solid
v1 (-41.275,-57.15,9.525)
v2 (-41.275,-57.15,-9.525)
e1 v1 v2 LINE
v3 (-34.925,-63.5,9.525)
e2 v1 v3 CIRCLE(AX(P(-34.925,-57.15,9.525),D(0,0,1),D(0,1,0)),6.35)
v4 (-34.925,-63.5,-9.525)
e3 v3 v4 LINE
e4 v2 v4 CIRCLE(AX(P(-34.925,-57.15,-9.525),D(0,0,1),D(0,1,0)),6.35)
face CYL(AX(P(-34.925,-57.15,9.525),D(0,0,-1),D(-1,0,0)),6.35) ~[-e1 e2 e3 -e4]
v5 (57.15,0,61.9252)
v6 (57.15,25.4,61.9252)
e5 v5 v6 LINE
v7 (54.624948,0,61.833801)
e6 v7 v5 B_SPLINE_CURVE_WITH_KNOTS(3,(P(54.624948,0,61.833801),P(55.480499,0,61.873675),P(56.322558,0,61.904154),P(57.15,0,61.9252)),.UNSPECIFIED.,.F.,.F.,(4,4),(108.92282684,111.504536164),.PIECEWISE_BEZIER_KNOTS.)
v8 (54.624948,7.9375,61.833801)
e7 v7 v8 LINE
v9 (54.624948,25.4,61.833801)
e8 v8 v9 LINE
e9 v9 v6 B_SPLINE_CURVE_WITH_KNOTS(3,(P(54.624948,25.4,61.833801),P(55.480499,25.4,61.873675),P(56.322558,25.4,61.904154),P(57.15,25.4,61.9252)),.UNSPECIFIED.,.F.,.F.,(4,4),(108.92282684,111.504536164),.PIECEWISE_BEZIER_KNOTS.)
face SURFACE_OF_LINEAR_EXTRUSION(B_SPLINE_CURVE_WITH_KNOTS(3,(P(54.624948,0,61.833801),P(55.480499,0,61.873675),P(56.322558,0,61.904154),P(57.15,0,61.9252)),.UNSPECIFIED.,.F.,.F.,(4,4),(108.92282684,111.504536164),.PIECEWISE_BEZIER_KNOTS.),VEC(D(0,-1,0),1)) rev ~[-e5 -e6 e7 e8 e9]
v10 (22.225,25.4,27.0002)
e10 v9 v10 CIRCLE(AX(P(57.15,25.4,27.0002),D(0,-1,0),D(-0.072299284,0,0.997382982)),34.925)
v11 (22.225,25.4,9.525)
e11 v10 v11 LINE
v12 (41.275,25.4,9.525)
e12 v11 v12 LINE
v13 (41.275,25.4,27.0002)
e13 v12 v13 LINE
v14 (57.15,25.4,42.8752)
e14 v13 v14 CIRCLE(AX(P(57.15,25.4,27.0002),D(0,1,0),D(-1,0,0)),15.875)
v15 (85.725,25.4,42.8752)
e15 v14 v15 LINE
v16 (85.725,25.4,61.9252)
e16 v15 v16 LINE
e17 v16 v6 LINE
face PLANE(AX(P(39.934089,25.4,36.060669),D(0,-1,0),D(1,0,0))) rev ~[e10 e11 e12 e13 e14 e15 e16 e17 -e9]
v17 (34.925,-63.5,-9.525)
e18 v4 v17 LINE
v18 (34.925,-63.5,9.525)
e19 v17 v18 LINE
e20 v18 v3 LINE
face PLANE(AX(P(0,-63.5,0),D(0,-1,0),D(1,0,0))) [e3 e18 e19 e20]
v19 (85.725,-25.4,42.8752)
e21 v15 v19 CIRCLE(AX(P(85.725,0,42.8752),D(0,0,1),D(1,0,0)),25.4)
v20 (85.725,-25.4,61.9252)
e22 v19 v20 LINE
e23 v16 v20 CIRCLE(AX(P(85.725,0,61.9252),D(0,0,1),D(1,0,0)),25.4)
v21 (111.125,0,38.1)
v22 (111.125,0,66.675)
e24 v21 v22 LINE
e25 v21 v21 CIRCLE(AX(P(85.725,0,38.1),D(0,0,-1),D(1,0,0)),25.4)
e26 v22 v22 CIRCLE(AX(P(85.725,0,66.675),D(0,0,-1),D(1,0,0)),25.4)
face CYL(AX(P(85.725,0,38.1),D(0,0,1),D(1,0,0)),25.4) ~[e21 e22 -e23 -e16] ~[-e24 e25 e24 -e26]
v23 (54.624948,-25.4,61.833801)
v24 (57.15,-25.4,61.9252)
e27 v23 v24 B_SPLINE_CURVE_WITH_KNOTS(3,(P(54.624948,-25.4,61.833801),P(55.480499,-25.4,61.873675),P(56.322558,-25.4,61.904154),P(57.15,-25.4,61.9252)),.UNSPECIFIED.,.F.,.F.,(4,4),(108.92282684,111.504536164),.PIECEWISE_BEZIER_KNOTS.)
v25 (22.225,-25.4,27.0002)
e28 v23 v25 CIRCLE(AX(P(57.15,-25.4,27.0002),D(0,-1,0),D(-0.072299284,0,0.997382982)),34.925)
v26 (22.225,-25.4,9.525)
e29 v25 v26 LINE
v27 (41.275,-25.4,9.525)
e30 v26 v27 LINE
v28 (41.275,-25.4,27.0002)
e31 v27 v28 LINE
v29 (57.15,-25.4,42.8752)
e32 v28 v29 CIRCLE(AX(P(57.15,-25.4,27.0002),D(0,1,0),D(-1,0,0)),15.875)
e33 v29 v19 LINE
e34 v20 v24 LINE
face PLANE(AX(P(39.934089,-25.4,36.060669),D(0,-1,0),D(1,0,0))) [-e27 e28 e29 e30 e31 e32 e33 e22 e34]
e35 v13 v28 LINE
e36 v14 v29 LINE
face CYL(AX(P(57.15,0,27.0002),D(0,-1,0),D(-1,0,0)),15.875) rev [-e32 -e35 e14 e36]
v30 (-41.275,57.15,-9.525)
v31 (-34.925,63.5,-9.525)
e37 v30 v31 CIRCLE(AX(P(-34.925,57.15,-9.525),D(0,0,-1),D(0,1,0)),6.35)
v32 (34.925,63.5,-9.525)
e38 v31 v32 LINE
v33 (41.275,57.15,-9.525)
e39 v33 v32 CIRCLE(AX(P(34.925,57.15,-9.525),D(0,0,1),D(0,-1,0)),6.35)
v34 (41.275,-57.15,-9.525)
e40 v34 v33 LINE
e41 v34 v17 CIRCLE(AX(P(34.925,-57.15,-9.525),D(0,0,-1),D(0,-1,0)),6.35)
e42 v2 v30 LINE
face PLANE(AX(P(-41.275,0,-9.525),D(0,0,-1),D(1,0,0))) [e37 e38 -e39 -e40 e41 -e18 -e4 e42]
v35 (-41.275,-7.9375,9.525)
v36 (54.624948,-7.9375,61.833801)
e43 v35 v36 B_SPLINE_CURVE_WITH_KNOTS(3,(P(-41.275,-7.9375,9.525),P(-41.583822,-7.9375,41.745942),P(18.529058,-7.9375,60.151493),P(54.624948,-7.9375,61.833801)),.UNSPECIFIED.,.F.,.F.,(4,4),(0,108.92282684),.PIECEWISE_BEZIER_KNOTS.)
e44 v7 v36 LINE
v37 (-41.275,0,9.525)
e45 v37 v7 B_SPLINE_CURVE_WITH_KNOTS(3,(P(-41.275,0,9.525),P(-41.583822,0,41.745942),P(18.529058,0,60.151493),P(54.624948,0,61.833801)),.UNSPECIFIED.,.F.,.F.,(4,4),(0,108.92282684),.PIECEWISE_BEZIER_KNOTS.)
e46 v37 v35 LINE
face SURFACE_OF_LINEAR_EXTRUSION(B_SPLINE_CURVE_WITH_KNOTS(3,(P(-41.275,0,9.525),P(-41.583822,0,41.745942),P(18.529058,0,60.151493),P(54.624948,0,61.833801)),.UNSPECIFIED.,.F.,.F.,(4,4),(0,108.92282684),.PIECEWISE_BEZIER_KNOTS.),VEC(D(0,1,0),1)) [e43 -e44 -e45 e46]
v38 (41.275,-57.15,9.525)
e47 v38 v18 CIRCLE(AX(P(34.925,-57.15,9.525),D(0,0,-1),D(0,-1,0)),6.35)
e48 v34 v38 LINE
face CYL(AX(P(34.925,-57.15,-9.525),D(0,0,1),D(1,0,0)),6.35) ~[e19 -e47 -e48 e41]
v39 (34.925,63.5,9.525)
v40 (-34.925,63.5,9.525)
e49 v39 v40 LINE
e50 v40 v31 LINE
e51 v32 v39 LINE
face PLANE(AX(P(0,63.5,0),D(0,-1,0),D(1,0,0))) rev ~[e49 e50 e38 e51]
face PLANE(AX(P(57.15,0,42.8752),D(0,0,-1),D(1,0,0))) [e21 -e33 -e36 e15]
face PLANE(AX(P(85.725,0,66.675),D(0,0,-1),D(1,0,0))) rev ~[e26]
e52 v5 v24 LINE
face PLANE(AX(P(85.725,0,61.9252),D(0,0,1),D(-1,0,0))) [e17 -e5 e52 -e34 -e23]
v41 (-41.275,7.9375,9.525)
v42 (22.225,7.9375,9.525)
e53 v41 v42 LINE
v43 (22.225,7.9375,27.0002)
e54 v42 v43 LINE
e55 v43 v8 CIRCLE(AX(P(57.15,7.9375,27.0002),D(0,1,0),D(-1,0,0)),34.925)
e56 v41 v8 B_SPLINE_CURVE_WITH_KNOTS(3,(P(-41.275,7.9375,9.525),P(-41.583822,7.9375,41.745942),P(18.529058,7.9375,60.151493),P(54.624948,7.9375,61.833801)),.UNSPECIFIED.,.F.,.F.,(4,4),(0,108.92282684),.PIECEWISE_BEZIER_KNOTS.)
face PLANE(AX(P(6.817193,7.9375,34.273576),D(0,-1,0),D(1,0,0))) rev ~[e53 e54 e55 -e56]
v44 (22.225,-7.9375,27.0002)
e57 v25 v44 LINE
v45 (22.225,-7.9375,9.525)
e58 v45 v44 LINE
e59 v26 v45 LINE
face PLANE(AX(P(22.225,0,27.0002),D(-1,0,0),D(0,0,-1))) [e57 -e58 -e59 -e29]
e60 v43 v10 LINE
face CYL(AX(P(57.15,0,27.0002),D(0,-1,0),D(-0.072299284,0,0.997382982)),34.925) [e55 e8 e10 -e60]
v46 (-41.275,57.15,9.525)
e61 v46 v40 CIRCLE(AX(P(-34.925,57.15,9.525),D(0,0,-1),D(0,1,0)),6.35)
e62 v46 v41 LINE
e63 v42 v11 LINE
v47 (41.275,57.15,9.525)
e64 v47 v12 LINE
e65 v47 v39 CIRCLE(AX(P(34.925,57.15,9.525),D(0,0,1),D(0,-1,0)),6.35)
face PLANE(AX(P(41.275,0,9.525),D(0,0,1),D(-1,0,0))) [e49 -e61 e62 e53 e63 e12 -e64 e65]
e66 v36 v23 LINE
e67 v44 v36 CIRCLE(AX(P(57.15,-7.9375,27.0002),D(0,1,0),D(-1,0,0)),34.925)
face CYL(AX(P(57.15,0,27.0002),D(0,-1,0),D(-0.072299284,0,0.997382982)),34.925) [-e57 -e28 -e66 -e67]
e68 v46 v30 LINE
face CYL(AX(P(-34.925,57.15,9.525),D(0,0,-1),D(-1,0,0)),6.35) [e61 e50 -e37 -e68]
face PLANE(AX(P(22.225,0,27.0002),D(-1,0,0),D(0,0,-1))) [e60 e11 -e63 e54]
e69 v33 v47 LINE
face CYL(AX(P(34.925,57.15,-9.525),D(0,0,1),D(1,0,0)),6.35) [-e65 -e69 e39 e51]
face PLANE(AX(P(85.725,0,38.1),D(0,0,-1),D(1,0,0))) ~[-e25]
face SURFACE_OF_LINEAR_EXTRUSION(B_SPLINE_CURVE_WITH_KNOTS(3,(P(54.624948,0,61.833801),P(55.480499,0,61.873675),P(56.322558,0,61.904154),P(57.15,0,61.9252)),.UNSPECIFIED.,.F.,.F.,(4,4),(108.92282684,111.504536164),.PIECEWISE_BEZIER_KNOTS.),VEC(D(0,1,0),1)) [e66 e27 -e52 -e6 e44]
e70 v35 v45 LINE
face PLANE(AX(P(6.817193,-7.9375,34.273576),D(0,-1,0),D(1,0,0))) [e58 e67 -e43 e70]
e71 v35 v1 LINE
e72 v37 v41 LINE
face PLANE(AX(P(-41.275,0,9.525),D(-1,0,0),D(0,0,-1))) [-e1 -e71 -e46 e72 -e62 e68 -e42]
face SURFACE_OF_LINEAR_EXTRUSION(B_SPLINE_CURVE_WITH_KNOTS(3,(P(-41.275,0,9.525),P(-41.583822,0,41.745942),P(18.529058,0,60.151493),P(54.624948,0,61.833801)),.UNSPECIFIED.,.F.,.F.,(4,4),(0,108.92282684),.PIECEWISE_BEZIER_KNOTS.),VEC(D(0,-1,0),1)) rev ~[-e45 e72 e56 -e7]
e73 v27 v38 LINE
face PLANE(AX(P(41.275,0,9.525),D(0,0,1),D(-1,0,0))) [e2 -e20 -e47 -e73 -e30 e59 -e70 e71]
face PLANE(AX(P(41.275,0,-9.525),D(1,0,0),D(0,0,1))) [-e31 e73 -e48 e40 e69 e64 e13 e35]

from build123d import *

# Parameters (mm, degrees)
F1_DEPTH = 63.5
F2_DEPTH = 7.9375
F0_W     = 25.4
F0_H     = 19.05
F3_DEPTH = 25.4
F5_R     = 6.35


with BuildPart() as f1:
    # F0 (on Front) → F1 (new body, symmetric)
    with BuildSketch(Plane.XZ):
        Polygon((41.275, -9.525), (41.275, 9.525), (22.225, 9.525), (-41.275, 9.525), (-41.275, -9.525), align=None)
    extrude(amount=F1_DEPTH, both=True)

    # F0 (on Front) → F2 (join, symmetric)
    with BuildSketch(Plane.XZ):
        with BuildLine():
            Line((-41.275, 9.525), (22.225, 9.525))
            Line((22.225, 9.525), (22.225, 27.0002))
            ThreePointArc((22.225, 27.0002), (31.5771327037, 50.7864162449), (54.6249475016, 61.8338006591))
            add(Edge.make_bspline(
                [(-41.275, 9.525), (-41.5838216247, 41.7459421201), (18.5290584876, 60.1514932336), (54.6249475016, 61.8338006591)],
                knots=[0, 0, 0, 0, 108.9228268403, 108.9228268403, 108.9228268403, 108.9228268403], degree=3))
        make_face()
    extrude(amount=F2_DEPTH, both=True)

    # F0 (on Front) → F3 (join, symmetric)
    with BuildSketch(Plane.XZ):
        with BuildLine():
            Line((22.225, 9.525), (41.275, 9.525))
            Line((41.275, 9.525), (41.275, 27.0002))
            ThreePointArc((41.275, 27.0002), (45.9246798487, 38.2255201513), (57.15, 42.8752))
            Line((57.15, 42.8752), (60.325, 42.8752))
            Line((60.325, 42.8752), (60.325, 61.9252))
            Line((60.325, 61.9252), (57.15, 61.9252))
            add(Edge.make_bspline(
                [(54.6249475016, 61.8338006591), (55.4804990504, 61.8736750261), (56.3225580044, 61.9041543798), (57.15, 61.9252)],
                knots=[108.9228268403, 108.9228268403, 108.9228268403, 108.9228268403, 111.5045361635, 111.5045361635, 111.5045361635, 111.5045361635], degree=3))
            ThreePointArc((54.6249475016, 61.8338006591), (31.5771327037, 50.7864162449), (22.225, 27.0002))
            Line((22.225, 27.0002), (22.225, 9.525))
        make_face()
        with Locations((73.025, 52.4002)):
            Rectangle(F0_W, F0_H)
    extrude(amount=F3_DEPTH, both=True)

    # F0 (on Front) → F4 (revolve)
    with BuildSketch(Plane.XZ):
        Polygon((85.725, 61.9252), (85.725, 42.8752), (85.725, 38.1), (111.125, 38.1), (111.125, 66.675), (85.725, 66.675), align=None)
    revolve(axis=Axis((85.725, 0, 52.3875), (0, 0, -1)))

    # F5
    f5_edges = [f1.edges().sort_by_distance(p)[0] for p in [
        (41.275, -63.5, 0),
        (-41.275, -63.5, 0),
        (41.275, 63.5, 0),
        (-41.275, 63.5, 0),
    ]]
    fillet(f5_edges, radius=F5_R)


solid = f1.part
